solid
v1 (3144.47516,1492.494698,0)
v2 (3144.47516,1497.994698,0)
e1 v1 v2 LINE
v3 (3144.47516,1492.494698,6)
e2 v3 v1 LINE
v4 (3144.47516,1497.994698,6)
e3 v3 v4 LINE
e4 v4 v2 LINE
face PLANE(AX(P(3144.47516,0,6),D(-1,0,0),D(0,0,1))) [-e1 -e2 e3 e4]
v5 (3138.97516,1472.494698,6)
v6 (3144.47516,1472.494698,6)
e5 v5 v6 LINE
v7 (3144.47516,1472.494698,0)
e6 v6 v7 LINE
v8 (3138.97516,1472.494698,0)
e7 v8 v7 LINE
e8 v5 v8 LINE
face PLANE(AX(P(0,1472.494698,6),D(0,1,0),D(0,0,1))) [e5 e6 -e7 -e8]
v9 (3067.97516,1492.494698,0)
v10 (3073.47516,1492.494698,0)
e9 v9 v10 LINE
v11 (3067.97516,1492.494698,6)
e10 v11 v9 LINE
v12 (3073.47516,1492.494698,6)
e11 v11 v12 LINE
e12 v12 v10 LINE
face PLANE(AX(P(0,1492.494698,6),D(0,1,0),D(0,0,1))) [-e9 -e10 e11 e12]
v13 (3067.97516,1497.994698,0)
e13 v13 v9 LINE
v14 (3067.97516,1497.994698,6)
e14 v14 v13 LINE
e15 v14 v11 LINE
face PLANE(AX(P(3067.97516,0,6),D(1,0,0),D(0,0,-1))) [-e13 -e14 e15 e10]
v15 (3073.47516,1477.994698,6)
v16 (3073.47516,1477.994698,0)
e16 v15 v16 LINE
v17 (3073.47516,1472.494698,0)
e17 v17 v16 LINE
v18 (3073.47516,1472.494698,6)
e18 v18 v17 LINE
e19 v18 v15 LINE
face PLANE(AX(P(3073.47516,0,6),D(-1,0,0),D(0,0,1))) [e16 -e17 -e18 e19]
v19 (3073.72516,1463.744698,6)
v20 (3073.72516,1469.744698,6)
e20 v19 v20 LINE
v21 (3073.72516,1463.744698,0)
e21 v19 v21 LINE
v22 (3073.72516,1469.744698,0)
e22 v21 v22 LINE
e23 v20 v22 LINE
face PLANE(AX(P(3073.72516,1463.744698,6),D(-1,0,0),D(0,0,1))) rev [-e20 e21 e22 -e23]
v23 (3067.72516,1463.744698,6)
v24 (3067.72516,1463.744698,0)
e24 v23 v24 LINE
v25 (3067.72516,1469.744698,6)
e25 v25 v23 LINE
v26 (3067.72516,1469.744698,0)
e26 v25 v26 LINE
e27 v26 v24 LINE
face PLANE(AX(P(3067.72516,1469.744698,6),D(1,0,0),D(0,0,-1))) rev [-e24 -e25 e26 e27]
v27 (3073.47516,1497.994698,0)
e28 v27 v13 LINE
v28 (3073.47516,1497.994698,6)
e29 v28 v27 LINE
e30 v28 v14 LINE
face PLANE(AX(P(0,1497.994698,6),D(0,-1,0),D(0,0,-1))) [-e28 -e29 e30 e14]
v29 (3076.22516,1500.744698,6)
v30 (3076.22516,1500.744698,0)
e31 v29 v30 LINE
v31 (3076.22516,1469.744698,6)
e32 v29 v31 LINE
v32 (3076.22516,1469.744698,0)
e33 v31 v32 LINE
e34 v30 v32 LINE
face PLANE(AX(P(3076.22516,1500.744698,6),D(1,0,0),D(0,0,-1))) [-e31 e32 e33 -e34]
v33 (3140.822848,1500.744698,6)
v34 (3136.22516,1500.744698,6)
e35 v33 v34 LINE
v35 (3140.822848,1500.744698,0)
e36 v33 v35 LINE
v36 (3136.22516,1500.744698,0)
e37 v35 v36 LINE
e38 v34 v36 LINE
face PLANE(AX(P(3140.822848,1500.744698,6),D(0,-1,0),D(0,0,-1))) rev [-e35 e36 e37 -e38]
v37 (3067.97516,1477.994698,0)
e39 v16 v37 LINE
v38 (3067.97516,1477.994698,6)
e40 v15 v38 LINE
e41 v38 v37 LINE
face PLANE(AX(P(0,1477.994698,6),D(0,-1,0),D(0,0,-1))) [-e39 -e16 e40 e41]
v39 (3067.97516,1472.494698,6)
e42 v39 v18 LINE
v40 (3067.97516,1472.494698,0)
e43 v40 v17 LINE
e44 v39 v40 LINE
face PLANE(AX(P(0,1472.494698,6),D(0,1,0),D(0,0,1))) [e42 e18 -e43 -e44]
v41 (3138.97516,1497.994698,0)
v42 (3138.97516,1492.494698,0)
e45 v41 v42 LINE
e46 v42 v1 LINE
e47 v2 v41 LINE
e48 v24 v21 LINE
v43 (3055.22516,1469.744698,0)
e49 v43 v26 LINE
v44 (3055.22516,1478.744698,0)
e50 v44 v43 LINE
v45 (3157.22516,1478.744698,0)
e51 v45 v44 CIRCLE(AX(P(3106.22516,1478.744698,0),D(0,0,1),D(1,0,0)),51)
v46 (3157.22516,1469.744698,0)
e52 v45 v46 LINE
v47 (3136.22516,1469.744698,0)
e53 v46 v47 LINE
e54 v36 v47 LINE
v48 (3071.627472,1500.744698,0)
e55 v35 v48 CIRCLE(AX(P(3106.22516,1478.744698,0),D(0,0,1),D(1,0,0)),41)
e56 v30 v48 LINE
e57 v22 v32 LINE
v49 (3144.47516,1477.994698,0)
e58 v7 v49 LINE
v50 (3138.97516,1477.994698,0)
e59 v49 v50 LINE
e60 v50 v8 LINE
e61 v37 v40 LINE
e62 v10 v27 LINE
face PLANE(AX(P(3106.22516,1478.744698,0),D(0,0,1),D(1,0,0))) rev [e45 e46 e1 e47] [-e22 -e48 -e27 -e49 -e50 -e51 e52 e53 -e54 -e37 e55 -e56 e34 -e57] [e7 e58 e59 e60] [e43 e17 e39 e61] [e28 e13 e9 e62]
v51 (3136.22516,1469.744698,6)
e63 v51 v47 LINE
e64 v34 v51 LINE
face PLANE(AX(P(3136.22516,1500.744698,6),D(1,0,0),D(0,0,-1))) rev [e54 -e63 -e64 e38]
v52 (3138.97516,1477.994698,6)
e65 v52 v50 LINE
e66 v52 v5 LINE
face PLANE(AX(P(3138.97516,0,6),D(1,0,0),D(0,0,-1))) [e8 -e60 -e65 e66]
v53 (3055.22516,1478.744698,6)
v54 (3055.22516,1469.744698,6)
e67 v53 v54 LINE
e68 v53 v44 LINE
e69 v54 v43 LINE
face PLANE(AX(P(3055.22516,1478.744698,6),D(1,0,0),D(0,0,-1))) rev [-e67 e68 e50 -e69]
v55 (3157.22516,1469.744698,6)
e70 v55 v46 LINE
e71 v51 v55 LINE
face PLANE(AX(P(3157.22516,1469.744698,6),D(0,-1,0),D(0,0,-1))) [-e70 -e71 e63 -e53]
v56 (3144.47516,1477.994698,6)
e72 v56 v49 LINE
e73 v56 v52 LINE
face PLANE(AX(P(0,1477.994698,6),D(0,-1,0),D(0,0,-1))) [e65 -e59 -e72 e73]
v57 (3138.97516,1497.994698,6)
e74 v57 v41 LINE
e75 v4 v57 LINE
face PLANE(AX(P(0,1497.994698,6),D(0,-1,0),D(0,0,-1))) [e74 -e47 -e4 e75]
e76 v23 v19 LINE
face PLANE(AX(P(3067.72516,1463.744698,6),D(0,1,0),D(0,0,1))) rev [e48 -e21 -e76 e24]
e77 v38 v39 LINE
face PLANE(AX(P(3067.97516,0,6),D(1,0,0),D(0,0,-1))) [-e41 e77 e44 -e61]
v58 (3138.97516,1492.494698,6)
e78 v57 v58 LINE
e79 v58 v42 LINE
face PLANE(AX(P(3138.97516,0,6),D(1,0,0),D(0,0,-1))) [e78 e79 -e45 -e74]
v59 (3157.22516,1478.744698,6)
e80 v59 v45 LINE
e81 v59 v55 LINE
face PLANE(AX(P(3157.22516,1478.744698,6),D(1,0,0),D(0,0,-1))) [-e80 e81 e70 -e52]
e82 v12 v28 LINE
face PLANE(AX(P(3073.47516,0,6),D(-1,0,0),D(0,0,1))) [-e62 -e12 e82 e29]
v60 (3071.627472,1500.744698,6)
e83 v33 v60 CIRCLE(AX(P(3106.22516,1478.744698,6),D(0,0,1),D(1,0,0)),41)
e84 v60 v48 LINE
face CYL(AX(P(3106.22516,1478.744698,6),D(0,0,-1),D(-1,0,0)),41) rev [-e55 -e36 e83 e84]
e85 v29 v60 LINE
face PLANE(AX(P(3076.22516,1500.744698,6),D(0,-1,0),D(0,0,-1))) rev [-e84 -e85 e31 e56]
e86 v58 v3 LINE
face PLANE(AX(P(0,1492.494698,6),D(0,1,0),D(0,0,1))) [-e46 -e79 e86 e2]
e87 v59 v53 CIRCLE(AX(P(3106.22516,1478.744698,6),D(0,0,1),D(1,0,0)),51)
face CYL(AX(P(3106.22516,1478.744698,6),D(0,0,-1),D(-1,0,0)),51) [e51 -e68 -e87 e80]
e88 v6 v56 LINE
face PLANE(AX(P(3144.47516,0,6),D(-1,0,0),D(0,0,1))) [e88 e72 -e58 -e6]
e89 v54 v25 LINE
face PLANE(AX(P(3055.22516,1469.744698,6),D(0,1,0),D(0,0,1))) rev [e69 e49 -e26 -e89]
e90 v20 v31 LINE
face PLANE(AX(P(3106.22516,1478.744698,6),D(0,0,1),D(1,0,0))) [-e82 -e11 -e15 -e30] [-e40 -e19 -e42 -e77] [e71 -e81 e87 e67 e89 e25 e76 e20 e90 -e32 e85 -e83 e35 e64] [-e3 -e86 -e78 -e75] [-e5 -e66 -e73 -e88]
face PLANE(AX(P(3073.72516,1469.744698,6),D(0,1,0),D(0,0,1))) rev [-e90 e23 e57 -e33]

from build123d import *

# Parameters (mm, degrees)
MODEL_W             = 5.5
MODEL_H             = 5.5
BOSS_EXTRUDE1_DEPTH = 6


with BuildPart() as part:
    # Model → Boss-Extrude1 (new body)
    with BuildSketch(Plane.XY):
        with BuildLine():
            Line((3055.225160199, 1478.744697622), (3055.225160199, 1469.744697622))
            Line((3055.225160199, 1469.744697622), (3067.725160199, 1469.744697622))
            Line((3067.725160199, 1469.744697622), (3067.725160199, 1463.744697622))
            Line((3067.725160199, 1463.744697622), (3073.725160199, 1463.744697622))
            Line((3073.725160199, 1463.744697622), (3073.725160199, 1469.744697622))
            Line((3073.725160199, 1469.744697622), (3076.225160199, 1469.744697622))
            Line((3076.225160199, 1469.744697622), (3076.225160199, 1500.744697622))
            Line((3076.225160199, 1500.744697622), (3071.627472415, 1500.744697622))
            ThreePointArc((3071.627472415, 1500.744697622), (3106.225160199, 1519.744697622), (3140.822847983, 1500.744697622))
            Line((3140.822847983, 1500.744697622), (3136.225160199, 1500.744697622))
            Line((3136.225160199, 1500.744697622), (3136.225160199, 1469.744697622))
            Line((3136.225160199, 1469.744697622), (3147.225160199, 1469.744697622))
            Line((3147.225160199, 1469.744697622), (3157.225160199, 1469.744697622))
            Line((3157.225160199, 1469.744697622), (3157.225160199, 1478.744697622))
            ThreePointArc((3157.225160199, 1478.744697622), (3106.225160199, 1529.744697622), (3055.225160199, 1478.744697622))
        make_face()
        with Locations((3141.725160199, 1475.244697622)):
            Rectangle(MODEL_W, MODEL_H, mode=Mode.SUBTRACT)
        with Locations((3141.725160199, 1495.244697622)):
            Rectangle(MODEL_W, MODEL_H, mode=Mode.SUBTRACT)
        with Locations((3070.725160199, 1475.244697622)):
            Rectangle(MODEL_W, MODEL_H, mode=Mode.SUBTRACT)
        with Locations((3070.725160199, 1495.244697622)):
            Rectangle(MODEL_W, MODEL_H, mode=Mode.SUBTRACT)
    extrude(amount=BOSS_EXTRUDE1_DEPTH)


solid = part.part
